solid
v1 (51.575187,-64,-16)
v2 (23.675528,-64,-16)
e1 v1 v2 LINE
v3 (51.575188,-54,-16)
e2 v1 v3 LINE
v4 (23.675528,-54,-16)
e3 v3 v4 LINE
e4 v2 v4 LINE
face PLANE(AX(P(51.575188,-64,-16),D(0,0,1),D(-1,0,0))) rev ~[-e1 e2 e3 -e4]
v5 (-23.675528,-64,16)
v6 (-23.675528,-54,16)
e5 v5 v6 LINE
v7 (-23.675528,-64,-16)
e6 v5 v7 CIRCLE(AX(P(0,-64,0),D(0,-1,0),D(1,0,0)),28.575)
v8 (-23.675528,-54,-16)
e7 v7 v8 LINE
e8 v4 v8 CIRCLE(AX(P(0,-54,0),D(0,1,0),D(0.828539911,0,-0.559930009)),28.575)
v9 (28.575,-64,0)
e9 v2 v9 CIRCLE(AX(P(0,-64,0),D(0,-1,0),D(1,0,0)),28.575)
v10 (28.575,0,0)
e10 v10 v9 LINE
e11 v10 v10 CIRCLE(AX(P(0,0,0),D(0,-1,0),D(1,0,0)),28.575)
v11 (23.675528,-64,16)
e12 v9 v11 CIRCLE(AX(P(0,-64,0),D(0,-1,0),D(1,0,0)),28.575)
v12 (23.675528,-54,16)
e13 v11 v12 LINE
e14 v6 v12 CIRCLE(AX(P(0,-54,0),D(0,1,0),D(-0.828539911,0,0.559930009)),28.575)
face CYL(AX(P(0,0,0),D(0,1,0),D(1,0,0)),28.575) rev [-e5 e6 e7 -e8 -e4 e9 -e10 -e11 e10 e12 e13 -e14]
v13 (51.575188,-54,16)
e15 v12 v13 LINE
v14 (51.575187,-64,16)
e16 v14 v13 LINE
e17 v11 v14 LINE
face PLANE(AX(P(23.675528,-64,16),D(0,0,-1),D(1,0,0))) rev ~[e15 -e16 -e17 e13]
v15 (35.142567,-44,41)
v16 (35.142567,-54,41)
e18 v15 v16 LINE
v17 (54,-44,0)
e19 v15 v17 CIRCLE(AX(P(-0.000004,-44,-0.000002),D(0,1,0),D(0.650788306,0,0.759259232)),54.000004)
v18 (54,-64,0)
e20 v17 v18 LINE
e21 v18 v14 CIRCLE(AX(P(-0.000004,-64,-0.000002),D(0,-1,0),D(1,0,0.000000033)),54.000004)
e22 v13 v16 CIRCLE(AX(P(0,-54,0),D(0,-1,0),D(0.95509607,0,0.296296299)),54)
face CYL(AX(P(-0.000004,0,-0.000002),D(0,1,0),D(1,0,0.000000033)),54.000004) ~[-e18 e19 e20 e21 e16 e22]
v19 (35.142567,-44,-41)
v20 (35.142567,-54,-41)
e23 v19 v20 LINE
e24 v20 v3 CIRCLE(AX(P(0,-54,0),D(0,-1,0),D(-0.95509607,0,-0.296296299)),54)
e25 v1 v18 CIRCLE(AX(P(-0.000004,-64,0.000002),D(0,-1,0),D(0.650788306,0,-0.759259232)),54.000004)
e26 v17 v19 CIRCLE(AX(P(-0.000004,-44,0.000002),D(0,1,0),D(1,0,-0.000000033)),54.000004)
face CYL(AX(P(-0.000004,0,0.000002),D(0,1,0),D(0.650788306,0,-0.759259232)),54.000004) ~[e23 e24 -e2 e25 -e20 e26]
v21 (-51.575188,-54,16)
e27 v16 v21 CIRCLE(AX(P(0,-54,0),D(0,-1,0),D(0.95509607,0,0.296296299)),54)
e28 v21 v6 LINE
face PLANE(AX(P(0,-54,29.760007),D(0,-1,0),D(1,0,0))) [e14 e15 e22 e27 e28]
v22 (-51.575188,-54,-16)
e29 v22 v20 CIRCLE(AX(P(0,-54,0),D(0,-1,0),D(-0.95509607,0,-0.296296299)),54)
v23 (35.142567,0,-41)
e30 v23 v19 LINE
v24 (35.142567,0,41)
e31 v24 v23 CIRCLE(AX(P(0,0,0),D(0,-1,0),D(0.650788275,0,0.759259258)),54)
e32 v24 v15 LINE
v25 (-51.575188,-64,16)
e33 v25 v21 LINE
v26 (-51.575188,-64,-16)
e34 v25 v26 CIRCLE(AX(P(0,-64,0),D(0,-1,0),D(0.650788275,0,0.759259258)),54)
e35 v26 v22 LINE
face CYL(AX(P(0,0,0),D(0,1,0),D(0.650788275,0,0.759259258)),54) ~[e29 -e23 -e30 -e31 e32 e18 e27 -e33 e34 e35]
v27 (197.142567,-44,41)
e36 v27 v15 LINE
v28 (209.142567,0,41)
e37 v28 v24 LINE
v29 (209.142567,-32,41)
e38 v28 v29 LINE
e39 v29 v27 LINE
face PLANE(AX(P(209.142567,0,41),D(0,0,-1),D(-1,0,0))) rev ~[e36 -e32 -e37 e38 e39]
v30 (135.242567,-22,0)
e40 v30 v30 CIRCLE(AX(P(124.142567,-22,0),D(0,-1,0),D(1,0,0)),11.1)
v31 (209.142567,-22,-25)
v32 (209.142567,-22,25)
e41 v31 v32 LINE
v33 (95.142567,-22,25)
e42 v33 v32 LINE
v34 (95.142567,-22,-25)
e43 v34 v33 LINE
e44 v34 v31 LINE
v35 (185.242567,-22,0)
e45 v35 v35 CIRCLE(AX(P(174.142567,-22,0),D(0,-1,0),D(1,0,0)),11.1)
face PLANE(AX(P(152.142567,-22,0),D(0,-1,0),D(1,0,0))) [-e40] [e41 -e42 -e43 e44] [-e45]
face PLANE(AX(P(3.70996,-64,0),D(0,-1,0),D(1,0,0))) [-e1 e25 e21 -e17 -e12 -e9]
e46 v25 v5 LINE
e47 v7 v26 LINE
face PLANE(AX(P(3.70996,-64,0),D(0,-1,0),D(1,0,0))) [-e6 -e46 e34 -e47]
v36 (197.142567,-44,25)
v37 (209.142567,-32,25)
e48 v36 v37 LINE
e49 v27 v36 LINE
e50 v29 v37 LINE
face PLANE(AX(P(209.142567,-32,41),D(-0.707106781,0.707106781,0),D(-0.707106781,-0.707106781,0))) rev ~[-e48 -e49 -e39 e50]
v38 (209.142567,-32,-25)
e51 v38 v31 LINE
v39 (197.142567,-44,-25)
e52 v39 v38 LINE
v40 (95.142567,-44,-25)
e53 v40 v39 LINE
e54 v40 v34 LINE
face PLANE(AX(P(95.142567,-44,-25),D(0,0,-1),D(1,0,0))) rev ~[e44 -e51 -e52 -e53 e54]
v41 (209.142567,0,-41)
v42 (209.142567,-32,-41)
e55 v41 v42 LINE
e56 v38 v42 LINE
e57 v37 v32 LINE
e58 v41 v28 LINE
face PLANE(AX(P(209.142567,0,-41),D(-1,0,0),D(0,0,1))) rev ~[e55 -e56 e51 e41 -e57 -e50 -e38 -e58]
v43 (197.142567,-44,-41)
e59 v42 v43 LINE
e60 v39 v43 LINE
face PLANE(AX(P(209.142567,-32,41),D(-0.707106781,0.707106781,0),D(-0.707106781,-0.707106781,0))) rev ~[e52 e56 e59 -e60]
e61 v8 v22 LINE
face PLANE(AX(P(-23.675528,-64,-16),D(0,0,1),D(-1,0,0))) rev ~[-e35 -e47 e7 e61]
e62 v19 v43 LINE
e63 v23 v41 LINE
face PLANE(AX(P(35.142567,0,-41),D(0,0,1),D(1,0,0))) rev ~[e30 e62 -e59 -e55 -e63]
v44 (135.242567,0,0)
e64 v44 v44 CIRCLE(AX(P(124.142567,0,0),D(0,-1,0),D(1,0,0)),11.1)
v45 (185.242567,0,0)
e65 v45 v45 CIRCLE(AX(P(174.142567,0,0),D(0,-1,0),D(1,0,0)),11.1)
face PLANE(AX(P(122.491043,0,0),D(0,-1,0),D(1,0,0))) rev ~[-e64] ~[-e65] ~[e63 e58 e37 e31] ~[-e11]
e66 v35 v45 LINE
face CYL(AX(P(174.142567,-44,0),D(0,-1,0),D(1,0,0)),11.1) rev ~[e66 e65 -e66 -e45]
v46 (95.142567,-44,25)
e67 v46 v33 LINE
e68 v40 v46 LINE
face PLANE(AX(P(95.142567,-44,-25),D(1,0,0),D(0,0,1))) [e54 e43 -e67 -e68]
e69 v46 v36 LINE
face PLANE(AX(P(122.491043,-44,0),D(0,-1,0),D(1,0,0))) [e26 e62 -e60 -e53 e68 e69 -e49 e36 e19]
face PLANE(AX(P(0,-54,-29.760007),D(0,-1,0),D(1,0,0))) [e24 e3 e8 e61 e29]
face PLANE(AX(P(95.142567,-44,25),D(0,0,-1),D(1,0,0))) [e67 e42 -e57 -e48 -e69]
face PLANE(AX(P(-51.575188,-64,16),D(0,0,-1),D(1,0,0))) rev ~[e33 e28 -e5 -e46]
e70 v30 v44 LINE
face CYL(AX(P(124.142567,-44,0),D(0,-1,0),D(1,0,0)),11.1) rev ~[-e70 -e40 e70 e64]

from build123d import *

# Parameters (mm, degrees)
F0_R     = 28.575
F1_DEPTH = 64
F2_DEPTH = 44
F3_R     = 11.1
F4_DEPTH = 44.001
F3_W     = 114
F3_H     = 50
F5_DEPTH = 22
F7_DEPTH = 10
F9_DEPTH = 95.001


with BuildPart() as f1:
    # F0 (on Front) → F1 (new body)
    with BuildSketch(Plane.XZ):
        with BuildLine():
            ThreePointArc((35.142567, -41), (49.05965, -22.564368), (54, 0))
            ThreePointArc((54, 0), (49.05965, 22.564368), (35.142567, 41))
            ThreePointArc((35.142567, 41), (-54, 0), (35.142567, -41))
        make_face()
        Circle(F0_R, mode=Mode.SUBTRACT)
    extrude(amount=F1_DEPTH)

    # F0 (on Front) → F2 (join)
    with BuildSketch(Plane.XZ):
        with BuildLine():
            ThreePointArc((35.142567, 41), (49.05965, 22.564368), (54, 0))
            ThreePointArc((54, 0), (49.05965, -22.564368), (35.142567, -41))
            Line((35.142567, -41), (209.142567, -41))
            Line((209.142567, -41), (209.142567, 41))
            Line((209.142567, 41), (35.142567, 41))
        make_face()
    extrude(amount=F2_DEPTH)

    # F3 (on face) → F4 (cut, through all)
    with BuildSketch(Plane.XZ.offset(44)):
        with Locations((174.142567, 0)):
            Circle(F3_R)
        with Locations((124.142567, 0)):
            Circle(F3_R)
    extrude(amount=-F4_DEPTH, mode=Mode.SUBTRACT)

    # F3 (on face) → F5 (cut)
    with BuildSketch(Plane.XZ.offset(44)):
        with Locations((152.142567, 0)):
            Rectangle(F3_W, F3_H)
        with Locations((124.142567, 0)):
            Circle(F3_R, mode=Mode.SUBTRACT)
        with Locations((174.142567, 0)):
            Circle(F3_R, mode=Mode.SUBTRACT)
    extrude(amount=-F5_DEPTH, mode=Mode.SUBTRACT)

    # F6 (on face) → F7 (cut)
    with BuildSketch(Plane.XZ.offset(64)):
        with BuildLine():
            ThreePointArc((51.575188, 16), (0, 54), (-51.575188, 16))
            Line((-51.575188, 16), (-23.675528, 16))
            ThreePointArc((-23.675528, 16), (0, 28.575), (23.675528, 16))
            Line((23.675528, 16), (51.575188, 16))
        make_face()
        with BuildLine():
            Line((-23.675528, -16), (-51.575188, -16))
            ThreePointArc((-51.575188, -16), (0, -54), (51.575188, -16))
            Line((51.575188, -16), (23.675528, -16))
            ThreePointArc((23.675528, -16), (0, -28.575), (-23.675528, -16))
        make_face()
    extrude(amount=-F7_DEPTH, mode=Mode.SUBTRACT)

    # F8 (on face) → F9 (cut, through all)
    with BuildSketch(Plane.XY.offset(41)):
        Polygon((197.142567, -44), (209.142567, -44), (209.142567, -32), align=None)
    extrude(amount=-F9_DEPTH, mode=Mode.SUBTRACT)


solid = f1.part
